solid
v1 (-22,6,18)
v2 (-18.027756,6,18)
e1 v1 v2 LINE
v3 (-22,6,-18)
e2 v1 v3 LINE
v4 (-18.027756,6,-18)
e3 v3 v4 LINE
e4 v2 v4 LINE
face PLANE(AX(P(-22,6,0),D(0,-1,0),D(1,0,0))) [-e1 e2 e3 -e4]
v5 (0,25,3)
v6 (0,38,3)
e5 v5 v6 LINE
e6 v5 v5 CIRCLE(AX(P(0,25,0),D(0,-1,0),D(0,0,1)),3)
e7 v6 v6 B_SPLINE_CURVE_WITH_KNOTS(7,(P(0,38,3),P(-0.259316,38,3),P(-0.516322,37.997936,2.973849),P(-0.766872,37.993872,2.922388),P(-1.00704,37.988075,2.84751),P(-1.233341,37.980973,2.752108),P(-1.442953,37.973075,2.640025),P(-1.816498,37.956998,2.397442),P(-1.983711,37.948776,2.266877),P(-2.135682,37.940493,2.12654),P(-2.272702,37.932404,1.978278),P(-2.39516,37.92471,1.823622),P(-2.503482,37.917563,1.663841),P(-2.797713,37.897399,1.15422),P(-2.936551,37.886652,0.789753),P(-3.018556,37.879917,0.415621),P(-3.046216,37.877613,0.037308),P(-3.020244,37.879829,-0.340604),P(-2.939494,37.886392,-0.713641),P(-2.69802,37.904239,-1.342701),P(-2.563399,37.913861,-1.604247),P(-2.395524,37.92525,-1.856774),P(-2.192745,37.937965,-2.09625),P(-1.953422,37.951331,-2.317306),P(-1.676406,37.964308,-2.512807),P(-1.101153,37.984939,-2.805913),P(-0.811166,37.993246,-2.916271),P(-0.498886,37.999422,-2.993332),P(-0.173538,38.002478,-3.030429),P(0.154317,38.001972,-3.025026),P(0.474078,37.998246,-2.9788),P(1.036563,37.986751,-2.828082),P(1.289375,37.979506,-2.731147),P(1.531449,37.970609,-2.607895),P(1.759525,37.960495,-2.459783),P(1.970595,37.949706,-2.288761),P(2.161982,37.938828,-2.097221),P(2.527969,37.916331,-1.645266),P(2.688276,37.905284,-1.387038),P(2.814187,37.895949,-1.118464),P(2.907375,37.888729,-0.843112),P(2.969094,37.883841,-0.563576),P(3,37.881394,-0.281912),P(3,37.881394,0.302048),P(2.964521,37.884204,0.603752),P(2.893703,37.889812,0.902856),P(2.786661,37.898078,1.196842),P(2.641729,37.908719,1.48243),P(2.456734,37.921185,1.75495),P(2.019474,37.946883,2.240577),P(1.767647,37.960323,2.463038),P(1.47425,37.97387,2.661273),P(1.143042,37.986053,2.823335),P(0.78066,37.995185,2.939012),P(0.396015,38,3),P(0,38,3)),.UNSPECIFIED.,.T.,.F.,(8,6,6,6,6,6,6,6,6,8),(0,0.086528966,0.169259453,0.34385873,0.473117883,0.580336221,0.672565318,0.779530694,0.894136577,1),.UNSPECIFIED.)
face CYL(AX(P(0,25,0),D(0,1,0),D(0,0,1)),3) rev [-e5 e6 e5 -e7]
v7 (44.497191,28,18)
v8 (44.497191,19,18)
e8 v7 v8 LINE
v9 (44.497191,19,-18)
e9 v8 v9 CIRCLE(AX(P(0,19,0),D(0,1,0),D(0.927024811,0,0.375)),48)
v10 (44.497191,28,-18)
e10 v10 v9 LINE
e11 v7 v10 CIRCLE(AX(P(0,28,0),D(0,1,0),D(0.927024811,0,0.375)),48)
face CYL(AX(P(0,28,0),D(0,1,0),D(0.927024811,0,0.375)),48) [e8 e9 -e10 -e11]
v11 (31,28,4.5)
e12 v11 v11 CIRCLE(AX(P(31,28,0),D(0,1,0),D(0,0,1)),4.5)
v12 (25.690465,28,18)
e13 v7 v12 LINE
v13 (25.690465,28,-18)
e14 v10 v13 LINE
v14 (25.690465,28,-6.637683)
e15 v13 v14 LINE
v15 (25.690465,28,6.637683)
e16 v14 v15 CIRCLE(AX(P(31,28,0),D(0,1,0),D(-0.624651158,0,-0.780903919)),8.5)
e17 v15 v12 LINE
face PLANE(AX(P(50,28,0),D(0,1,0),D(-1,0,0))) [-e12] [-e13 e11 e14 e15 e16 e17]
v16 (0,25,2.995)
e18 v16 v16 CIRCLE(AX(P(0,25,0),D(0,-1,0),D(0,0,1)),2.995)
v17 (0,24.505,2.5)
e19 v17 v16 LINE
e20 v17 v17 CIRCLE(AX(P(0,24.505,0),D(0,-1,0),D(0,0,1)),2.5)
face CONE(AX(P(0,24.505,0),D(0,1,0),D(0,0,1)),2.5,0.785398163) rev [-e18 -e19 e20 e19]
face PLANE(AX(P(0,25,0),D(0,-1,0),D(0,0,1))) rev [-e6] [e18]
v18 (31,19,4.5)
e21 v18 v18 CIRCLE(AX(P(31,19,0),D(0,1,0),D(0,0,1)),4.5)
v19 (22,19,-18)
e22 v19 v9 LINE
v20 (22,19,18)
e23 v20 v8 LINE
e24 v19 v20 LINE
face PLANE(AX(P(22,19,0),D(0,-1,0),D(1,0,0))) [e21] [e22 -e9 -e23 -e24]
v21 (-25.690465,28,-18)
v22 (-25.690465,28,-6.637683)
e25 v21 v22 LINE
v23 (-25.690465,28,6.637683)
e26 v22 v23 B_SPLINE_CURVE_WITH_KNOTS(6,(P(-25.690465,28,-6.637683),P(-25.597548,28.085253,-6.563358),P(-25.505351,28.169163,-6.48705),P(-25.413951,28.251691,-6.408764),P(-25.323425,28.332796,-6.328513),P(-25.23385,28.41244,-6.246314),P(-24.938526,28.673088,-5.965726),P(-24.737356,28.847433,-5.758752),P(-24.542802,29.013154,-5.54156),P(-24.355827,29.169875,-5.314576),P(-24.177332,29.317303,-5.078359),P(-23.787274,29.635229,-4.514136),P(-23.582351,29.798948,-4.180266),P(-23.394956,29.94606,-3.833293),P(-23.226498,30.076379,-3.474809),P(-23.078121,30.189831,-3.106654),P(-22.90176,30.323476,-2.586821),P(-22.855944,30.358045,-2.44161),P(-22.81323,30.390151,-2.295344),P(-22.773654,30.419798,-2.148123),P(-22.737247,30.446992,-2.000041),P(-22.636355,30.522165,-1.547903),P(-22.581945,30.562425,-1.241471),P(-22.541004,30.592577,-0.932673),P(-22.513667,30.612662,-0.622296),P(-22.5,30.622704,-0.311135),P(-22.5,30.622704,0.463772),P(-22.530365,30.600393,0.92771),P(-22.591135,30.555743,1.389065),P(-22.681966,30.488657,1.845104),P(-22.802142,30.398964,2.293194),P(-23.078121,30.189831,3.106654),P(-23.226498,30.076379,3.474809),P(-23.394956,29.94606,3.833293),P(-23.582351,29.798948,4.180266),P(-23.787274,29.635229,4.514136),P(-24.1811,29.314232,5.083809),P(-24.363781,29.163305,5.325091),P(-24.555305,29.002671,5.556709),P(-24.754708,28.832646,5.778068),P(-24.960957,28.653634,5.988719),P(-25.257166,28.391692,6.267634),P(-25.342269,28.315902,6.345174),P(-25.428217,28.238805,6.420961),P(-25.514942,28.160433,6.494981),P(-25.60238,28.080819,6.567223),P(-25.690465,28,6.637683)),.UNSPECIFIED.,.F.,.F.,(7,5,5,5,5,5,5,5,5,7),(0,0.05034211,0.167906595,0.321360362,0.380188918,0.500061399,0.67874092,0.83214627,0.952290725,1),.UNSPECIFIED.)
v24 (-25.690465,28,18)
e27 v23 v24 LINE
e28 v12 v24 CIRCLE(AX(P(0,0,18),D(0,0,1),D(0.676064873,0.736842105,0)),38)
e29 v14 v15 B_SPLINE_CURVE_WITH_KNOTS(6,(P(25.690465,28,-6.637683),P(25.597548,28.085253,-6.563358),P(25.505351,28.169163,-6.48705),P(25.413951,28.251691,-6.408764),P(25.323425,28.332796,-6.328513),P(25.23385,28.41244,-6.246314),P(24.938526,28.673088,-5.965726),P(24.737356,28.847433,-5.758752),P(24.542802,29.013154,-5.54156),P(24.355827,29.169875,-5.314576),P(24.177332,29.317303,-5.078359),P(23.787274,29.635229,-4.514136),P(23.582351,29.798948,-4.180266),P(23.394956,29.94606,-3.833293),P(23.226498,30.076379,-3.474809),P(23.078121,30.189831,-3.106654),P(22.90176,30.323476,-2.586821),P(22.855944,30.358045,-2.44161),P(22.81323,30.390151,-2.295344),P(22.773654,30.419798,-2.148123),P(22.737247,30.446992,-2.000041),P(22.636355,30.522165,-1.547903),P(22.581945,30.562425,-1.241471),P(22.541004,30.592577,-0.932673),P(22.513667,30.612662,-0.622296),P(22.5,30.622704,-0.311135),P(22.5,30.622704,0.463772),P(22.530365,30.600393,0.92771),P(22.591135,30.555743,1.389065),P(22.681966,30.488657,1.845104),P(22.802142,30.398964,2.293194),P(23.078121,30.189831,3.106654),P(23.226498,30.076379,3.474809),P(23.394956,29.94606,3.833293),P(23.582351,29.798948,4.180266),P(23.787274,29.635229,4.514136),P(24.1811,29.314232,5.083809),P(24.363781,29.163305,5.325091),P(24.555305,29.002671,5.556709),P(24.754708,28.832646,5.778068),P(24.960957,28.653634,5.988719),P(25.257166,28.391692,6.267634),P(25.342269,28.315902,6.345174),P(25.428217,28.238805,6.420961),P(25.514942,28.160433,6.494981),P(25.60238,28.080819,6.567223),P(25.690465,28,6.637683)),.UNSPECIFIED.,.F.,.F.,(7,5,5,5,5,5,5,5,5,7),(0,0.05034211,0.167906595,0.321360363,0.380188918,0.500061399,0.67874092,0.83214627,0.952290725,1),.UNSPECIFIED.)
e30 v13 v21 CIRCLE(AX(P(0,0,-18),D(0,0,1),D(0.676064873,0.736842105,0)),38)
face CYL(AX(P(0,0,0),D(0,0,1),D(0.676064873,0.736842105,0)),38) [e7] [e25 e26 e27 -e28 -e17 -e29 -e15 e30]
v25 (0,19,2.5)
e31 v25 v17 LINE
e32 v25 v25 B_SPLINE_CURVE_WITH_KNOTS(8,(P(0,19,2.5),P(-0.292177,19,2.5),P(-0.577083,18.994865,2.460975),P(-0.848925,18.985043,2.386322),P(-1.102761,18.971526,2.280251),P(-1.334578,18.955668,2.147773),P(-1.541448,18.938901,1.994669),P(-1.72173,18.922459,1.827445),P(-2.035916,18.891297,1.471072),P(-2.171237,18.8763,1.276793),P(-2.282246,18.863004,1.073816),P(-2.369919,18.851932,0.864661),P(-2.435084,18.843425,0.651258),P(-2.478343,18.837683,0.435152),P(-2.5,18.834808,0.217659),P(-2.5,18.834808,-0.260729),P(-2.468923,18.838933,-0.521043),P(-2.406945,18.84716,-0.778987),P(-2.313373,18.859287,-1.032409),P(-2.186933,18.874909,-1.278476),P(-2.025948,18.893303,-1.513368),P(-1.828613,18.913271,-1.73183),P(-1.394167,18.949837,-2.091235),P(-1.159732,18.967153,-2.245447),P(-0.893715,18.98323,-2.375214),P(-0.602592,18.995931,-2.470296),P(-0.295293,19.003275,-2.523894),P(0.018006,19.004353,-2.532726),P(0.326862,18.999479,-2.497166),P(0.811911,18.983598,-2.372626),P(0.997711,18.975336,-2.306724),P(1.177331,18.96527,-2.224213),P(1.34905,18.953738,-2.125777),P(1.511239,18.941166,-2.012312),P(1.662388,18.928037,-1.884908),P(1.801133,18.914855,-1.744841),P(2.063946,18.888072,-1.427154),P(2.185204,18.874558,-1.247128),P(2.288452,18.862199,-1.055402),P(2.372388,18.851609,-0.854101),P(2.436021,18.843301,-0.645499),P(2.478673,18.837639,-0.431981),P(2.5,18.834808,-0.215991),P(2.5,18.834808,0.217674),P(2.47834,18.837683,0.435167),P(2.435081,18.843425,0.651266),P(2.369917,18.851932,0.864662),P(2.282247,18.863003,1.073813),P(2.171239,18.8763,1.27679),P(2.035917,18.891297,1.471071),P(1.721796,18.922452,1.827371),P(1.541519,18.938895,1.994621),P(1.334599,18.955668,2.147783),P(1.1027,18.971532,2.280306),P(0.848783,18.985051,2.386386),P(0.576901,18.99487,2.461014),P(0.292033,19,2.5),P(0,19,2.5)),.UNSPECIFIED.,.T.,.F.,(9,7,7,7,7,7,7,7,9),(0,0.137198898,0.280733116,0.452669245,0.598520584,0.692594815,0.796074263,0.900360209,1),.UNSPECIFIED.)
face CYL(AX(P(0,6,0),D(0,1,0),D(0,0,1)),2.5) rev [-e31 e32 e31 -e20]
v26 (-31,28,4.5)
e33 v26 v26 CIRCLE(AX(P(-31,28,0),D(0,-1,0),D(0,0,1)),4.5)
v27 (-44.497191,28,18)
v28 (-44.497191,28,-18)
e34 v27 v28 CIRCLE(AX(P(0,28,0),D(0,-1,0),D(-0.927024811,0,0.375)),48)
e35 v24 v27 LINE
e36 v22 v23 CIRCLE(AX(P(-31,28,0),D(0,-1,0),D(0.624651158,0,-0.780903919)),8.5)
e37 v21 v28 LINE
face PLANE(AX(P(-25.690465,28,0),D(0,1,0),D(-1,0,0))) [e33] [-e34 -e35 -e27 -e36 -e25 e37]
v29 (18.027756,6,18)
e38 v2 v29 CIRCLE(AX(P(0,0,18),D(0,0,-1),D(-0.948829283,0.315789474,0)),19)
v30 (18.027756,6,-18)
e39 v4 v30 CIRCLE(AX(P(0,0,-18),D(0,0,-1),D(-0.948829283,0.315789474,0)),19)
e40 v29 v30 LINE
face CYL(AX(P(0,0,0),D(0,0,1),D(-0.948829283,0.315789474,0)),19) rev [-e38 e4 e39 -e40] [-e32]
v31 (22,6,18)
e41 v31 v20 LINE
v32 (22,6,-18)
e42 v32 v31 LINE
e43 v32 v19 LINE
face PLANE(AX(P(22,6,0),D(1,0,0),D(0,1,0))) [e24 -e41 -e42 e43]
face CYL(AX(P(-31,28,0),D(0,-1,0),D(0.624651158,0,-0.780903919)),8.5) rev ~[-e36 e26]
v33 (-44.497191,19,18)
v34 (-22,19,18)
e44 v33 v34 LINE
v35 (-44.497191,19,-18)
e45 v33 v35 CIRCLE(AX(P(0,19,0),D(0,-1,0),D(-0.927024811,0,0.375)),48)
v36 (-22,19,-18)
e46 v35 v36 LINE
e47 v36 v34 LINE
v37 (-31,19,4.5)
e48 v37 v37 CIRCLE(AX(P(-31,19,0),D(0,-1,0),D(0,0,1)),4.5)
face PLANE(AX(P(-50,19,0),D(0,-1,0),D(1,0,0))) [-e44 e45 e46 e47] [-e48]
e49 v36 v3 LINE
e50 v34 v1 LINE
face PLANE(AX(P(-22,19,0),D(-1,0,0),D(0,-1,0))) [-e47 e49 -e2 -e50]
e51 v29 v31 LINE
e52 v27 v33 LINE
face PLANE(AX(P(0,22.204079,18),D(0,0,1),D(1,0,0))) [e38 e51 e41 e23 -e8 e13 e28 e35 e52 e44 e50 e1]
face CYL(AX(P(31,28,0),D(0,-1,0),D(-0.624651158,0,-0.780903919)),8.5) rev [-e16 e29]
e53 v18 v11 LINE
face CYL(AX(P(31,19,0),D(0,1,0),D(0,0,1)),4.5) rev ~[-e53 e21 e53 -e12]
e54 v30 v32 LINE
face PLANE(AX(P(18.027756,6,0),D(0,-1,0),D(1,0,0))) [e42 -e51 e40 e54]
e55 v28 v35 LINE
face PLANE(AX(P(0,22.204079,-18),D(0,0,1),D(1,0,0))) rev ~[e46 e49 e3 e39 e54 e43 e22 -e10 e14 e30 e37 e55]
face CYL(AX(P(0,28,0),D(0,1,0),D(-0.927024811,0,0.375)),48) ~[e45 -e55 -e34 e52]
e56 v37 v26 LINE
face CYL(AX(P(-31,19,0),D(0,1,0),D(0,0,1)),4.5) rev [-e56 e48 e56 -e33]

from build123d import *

# Parameters (mm, degrees)
BOSS_EXTRUDE1_DEPTH = 18
CUT_EXTRUDE1_DEPTH  = 9
CUT_EXTRUDE2_DEPTH  = 11


with BuildPart() as part:
    # Sketch1 → Boss-Extrude1 (new body, symmetric)
    with BuildSketch(Plane.XY):
        with BuildLine():
            Line((18.027756377, 6), (22, 6))
            Line((22, 6), (22, 19))
            Line((22, 19), (50, 19))
            Line((50, 19), (50, 28))
            Line((50, 28), (25.690465157, 28))
            ThreePointArc((25.690465157, 28), (0, 38), (-25.690465157, 28))
            Line((-25.690465157, 28), (-50, 28))
            Line((-50, 28), (-50, 19))
            Line((-50, 19), (-22, 19))
            Line((-22, 19), (-22, 6))
            Line((-22, 6), (-18.027756377, 6))
            ThreePointArc((-18.027756377, 6), (0, 19), (18.027756377, 6))
        make_face()
    extrude(amount=BOSS_EXTRUDE1_DEPTH, both=True)

    # Sketch2 → Cut-Extrude1 (cut)
    with BuildSketch(Plane(origin=(0, 28, 0), x_dir=(1, 0, 0), z_dir=(0, 1, 0))):
        with BuildLine():
            Line((-44.497190923, 18), (-50, 18))
            Line((-50, 18), (-50, -18))
            Line((-50, -18), (-44.497190923, -18))
            ThreePointArc((-44.497190923, -18), (-48, 0), (-44.497190923, 18))
        make_face()
    cut_extrude1 = extrude(amount=-CUT_EXTRUDE1_DEPTH, mode=Mode.SUBTRACT)

    # Sketch73 → Ø16.0mm Dowel Hole21 (revolve, cut)
    with BuildSketch(Plane(origin=(-31, 28, 0), x_dir=(0, 0, 1), z_dir=(1, 0, 0))):
        Polygon((0, 0), (0, 11.703872786), (4.5, 9), (4.5, 0), align=None)
    f_16_0mm_dowel_hole21 = revolve(axis=Axis((-31, 34.35, 0), (0, -1, 0)), mode=Mode.SUBTRACT)

    # 3DSketch2 → Cut-Extrude2 (cut, through all)
    with BuildSketch(Plane(origin=(-25.690465157, 28, 6.637683312), x_dir=(0, 0, -1), z_dir=(0, 1, 0))):
        with BuildLine():
            Line((0, 0), (13.275366625, 0))
            ThreePointArc((13.275366625, 0), (6.637683312, -3.190465157), (0, 0))
        make_face()
    cut_extrude2 = extrude(amount=CUT_EXTRUDE2_DEPTH, mode=Mode.SUBTRACT)

    # Mirror2: Ø16.0mm Dowel Hole21, Cut-Extrude2 across plane
    add(f_16_0mm_dowel_hole21.mirror(Plane(origin=(0, 0, 0), x_dir=(0, 0, 1), z_dir=(1, 0, 0))), mode=Mode.SUBTRACT)
    add(cut_extrude2.mirror(Plane(origin=(0, 0, 0), x_dir=(0, 0, 1), z_dir=(1, 0, 0))), mode=Mode.SUBTRACT)

    # Sketch85 → CBORE for M6 Hex Head Machine Screw4 (revolve, cut)
    with BuildSketch(Plane(origin=(0, 38, 0), x_dir=(0, 0, 1), z_dir=(1, 0, 0))):
        Polygon((0, 0), (0, 32), (2.5, 32), (2.5, 13.495), (2.995, 13), (3, 13), (3, 0), align=None)
    revolve(axis=Axis((0, 44.35, 0), (0, -1, 0)), mode=Mode.SUBTRACT)

    # Mirror4: Cut-Extrude1 across plane
    add(cut_extrude1.mirror(Plane(origin=(0, 0, 0), x_dir=(0, 0, 1), z_dir=(1, 0, 0))), mode=Mode.SUBTRACT)


solid = part.part
